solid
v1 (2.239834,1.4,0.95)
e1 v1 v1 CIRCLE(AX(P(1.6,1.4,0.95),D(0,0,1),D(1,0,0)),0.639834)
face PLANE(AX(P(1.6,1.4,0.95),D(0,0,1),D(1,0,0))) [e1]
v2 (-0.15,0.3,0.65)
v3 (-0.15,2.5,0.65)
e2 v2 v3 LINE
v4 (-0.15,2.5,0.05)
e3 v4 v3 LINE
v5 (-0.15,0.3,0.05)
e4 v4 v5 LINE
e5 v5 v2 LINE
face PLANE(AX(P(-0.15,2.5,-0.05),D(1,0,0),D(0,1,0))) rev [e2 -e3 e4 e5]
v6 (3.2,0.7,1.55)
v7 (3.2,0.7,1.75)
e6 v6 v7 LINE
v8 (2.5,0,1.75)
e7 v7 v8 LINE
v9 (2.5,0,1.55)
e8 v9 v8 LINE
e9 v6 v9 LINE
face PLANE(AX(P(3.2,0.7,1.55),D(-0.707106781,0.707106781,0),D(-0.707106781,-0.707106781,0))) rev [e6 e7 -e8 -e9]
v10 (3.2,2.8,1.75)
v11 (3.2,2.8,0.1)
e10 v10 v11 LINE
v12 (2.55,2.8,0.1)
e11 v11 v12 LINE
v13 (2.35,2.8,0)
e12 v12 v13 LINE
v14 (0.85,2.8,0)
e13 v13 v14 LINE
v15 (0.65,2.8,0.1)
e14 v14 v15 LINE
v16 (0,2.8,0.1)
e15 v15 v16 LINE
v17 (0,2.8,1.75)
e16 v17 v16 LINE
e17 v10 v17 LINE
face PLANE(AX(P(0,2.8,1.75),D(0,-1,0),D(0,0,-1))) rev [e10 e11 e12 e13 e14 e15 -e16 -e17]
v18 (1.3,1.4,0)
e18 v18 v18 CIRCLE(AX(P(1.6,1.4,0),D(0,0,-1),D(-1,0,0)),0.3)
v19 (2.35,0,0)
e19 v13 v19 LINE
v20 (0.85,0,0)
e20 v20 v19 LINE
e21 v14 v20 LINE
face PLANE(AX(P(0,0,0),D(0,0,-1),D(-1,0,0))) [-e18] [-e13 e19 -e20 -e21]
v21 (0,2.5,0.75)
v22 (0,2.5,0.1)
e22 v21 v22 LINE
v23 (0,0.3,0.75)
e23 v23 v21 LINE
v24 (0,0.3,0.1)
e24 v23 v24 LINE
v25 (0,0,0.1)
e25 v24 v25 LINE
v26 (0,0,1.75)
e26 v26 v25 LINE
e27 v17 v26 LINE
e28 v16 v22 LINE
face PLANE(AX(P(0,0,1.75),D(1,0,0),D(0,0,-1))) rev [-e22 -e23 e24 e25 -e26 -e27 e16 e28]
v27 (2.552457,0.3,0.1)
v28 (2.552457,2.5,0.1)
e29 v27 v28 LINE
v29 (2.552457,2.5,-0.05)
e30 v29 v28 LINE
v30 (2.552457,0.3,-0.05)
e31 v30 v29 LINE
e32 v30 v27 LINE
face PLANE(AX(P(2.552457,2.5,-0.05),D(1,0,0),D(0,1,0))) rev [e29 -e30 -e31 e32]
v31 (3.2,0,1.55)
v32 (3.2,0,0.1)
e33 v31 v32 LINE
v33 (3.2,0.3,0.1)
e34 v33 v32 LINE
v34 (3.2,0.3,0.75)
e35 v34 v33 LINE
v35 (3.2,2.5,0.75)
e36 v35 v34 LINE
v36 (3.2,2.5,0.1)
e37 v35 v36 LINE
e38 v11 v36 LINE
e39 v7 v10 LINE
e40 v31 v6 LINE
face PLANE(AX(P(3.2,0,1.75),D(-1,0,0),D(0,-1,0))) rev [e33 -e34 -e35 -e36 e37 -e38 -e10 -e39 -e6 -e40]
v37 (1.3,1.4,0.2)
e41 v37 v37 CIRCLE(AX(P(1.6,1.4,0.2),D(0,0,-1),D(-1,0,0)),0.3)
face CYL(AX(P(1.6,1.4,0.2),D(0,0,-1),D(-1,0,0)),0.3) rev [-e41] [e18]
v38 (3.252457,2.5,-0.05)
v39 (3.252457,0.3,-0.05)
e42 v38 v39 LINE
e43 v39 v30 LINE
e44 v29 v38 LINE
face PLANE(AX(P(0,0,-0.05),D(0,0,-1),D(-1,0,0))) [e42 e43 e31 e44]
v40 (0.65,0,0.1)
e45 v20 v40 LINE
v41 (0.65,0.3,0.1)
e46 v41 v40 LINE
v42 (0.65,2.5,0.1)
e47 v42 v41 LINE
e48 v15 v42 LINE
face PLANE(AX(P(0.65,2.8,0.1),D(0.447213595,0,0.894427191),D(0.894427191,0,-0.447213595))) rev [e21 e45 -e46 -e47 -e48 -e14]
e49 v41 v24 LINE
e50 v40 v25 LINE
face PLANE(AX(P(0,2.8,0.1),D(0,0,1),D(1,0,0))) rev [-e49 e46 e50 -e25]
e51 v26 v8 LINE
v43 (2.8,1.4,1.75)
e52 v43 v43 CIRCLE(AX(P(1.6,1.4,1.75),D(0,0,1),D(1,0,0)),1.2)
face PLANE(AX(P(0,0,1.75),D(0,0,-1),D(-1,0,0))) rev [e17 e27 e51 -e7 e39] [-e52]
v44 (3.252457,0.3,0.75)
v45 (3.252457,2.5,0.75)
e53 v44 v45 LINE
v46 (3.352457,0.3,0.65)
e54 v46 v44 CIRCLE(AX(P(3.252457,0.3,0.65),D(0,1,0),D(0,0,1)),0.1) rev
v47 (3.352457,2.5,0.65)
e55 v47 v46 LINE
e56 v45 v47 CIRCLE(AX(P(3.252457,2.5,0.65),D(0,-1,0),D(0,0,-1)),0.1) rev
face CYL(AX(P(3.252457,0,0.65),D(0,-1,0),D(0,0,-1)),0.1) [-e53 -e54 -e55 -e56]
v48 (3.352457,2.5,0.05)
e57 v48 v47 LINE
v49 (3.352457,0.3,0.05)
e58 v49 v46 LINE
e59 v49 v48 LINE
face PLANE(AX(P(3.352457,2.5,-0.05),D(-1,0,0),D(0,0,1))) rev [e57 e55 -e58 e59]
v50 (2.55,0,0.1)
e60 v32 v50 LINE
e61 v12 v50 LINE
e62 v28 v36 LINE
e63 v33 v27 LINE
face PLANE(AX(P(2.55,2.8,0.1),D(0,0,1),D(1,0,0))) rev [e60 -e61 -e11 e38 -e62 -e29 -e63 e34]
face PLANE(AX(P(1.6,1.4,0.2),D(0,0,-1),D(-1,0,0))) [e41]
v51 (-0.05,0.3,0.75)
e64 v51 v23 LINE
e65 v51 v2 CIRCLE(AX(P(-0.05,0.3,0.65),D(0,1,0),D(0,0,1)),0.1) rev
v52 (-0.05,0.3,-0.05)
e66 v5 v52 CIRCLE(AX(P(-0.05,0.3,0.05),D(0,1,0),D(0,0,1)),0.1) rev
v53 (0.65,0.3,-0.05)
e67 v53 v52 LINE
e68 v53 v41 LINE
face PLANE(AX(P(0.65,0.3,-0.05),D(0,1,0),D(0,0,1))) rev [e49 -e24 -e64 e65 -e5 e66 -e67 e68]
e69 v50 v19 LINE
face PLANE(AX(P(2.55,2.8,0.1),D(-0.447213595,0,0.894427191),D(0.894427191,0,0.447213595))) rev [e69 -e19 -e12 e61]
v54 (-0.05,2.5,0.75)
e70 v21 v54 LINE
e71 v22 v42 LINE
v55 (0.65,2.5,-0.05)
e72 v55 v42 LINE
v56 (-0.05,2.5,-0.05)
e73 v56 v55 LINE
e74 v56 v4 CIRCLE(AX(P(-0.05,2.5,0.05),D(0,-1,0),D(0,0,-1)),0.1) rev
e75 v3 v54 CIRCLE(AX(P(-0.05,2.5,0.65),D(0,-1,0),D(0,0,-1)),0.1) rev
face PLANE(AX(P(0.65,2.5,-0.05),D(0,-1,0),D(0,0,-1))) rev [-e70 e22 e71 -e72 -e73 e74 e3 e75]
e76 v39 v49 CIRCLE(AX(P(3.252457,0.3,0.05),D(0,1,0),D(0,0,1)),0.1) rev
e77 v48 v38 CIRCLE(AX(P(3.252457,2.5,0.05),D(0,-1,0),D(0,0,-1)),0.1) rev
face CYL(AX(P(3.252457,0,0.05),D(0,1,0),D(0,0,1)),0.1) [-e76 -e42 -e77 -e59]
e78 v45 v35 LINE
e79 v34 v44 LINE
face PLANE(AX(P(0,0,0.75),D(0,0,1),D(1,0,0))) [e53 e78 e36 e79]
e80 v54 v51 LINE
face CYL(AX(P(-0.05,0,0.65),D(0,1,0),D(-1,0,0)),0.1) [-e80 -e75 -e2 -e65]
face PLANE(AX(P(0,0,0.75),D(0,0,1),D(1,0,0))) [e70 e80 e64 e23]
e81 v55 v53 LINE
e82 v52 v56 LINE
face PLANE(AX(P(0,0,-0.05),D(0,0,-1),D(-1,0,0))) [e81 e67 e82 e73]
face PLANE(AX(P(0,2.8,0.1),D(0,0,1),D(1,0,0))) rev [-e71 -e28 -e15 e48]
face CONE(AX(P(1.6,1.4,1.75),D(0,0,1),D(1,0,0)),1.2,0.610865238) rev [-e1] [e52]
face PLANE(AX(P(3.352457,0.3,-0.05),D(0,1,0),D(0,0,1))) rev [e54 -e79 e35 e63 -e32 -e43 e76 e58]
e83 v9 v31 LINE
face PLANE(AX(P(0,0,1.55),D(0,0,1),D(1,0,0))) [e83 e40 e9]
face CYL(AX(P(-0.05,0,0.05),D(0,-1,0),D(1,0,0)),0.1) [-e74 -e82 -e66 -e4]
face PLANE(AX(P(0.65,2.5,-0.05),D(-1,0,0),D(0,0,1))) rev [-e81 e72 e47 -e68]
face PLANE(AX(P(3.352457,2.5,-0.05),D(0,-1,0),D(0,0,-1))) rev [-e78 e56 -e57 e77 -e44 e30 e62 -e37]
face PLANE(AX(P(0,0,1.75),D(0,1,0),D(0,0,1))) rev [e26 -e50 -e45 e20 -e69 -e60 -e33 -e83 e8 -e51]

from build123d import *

# Parameters (mm, degrees)
SKETCH1_W           = 3.2
SKETCH1_H           = 2.8
BOSS_EXTRUDE1_DEPTH = 1.75
CUT_EXTRUDE1_DEPTH  = 0.2
SKETCH3_R           = 1.2
CUT_EXTRUDE2_DEPTH  = 0.8
CUT_EXTRUDE2_TAPER  = 35
CUT_EXTRUDE3_DEPTH  = 3.8
SKETCH6_W           = 0.8
SKETCH6_H           = 2.2
BOSS_EXTRUDE3_DEPTH = 0.15
SKETCH7_W           = 0.15
SKETCH7_H           = 2.2
SKETCH7_W_2         = 0.152457207
BOSS_EXTRUDE4_DEPTH = 0.65
FILLET1_R           = 0.1
SKETCH8_R           = 0.3
CUT_EXTRUDE4_DEPTH  = 0.2


with BuildPart() as part:
    # Sketch1 → Boss-Extrude1 (new body)
    with BuildSketch(Plane.XY):
        with Locations((1.6, 1.4)):
            Rectangle(SKETCH1_W, SKETCH1_H)
    extrude(amount=BOSS_EXTRUDE1_DEPTH)

    # Sketch2 → Cut-Extrude1 (cut)
    with BuildSketch(Plane.XY.offset(1.75)):
        Polygon((3.2, 0), (3.2, 0.7), (2.5, 0), align=None)
    extrude(amount=-CUT_EXTRUDE1_DEPTH, mode=Mode.SUBTRACT)

    # Sketch3 → Cut-Extrude2 (cut)
    with BuildSketch(Plane.XY.offset(1.75)):
        with Locations((1.6, 1.4)):
            Circle(SKETCH3_R)
    extrude(amount=-CUT_EXTRUDE2_DEPTH, taper=CUT_EXTRUDE2_TAPER, mode=Mode.SUBTRACT)

    # Sketch5 → Cut-Extrude3 (cut, through all)
    with BuildSketch(Plane.XZ):
        Polygon((0, 0.1), (0.65, 0.1), (0.85, 0), (0.65, 0), (0, 0), align=None)
        Polygon((2.55, 0.1), (3.2, 0.1), (3.2, 0), (2.55, 0), (2.35, 0), align=None)
    extrude(amount=-CUT_EXTRUDE3_DEPTH, mode=Mode.SUBTRACT)

    # Sketch6 → Boss-Extrude3 (add)
    with BuildSketch(Plane(origin=(0, 0, 0.1), x_dir=(-1, 0, 0), z_dir=(0, 0, -1))):
        with Locations((-2.952457207, 1.4)):
            Rectangle(SKETCH6_W, SKETCH6_H)
        with Locations((-0.25, 1.4)):
            Rectangle(SKETCH6_W, SKETCH6_H)
    extrude(amount=BOSS_EXTRUDE3_DEPTH)

    # Sketch7 → Boss-Extrude4 (add)
    with BuildSketch(Plane.XY.offset(0.1)):
        with Locations((-0.075, 1.4)):
            Rectangle(SKETCH7_W, SKETCH7_H)
        with Locations((3.276228603, 1.4)):
            Rectangle(SKETCH7_W_2, SKETCH7_H)
    extrude(amount=BOSS_EXTRUDE4_DEPTH)

    # Fillet1
    fillet1_edges = [part.edges().sort_by_distance(p)[0] for p in [
        (3.352457207, 1.4, 0.75),
        (3.352457207, 1.4, -0.05),
        (-0.15, 1.4, -0.05),
        (-0.15, 1.4, 0.75),
    ]]
    fillet(fillet1_edges, radius=FILLET1_R)

    # Sketch8 → Cut-Extrude4 (cut)
    with BuildSketch(Plane(origin=(0, 0, 0), x_dir=(-1, 0, 0), z_dir=(0, 0, -1))):
        with Locations((-1.6, 1.4)):
            Circle(SKETCH8_R)
    extrude(amount=-CUT_EXTRUDE4_DEPTH, mode=Mode.SUBTRACT)


solid = part.part
